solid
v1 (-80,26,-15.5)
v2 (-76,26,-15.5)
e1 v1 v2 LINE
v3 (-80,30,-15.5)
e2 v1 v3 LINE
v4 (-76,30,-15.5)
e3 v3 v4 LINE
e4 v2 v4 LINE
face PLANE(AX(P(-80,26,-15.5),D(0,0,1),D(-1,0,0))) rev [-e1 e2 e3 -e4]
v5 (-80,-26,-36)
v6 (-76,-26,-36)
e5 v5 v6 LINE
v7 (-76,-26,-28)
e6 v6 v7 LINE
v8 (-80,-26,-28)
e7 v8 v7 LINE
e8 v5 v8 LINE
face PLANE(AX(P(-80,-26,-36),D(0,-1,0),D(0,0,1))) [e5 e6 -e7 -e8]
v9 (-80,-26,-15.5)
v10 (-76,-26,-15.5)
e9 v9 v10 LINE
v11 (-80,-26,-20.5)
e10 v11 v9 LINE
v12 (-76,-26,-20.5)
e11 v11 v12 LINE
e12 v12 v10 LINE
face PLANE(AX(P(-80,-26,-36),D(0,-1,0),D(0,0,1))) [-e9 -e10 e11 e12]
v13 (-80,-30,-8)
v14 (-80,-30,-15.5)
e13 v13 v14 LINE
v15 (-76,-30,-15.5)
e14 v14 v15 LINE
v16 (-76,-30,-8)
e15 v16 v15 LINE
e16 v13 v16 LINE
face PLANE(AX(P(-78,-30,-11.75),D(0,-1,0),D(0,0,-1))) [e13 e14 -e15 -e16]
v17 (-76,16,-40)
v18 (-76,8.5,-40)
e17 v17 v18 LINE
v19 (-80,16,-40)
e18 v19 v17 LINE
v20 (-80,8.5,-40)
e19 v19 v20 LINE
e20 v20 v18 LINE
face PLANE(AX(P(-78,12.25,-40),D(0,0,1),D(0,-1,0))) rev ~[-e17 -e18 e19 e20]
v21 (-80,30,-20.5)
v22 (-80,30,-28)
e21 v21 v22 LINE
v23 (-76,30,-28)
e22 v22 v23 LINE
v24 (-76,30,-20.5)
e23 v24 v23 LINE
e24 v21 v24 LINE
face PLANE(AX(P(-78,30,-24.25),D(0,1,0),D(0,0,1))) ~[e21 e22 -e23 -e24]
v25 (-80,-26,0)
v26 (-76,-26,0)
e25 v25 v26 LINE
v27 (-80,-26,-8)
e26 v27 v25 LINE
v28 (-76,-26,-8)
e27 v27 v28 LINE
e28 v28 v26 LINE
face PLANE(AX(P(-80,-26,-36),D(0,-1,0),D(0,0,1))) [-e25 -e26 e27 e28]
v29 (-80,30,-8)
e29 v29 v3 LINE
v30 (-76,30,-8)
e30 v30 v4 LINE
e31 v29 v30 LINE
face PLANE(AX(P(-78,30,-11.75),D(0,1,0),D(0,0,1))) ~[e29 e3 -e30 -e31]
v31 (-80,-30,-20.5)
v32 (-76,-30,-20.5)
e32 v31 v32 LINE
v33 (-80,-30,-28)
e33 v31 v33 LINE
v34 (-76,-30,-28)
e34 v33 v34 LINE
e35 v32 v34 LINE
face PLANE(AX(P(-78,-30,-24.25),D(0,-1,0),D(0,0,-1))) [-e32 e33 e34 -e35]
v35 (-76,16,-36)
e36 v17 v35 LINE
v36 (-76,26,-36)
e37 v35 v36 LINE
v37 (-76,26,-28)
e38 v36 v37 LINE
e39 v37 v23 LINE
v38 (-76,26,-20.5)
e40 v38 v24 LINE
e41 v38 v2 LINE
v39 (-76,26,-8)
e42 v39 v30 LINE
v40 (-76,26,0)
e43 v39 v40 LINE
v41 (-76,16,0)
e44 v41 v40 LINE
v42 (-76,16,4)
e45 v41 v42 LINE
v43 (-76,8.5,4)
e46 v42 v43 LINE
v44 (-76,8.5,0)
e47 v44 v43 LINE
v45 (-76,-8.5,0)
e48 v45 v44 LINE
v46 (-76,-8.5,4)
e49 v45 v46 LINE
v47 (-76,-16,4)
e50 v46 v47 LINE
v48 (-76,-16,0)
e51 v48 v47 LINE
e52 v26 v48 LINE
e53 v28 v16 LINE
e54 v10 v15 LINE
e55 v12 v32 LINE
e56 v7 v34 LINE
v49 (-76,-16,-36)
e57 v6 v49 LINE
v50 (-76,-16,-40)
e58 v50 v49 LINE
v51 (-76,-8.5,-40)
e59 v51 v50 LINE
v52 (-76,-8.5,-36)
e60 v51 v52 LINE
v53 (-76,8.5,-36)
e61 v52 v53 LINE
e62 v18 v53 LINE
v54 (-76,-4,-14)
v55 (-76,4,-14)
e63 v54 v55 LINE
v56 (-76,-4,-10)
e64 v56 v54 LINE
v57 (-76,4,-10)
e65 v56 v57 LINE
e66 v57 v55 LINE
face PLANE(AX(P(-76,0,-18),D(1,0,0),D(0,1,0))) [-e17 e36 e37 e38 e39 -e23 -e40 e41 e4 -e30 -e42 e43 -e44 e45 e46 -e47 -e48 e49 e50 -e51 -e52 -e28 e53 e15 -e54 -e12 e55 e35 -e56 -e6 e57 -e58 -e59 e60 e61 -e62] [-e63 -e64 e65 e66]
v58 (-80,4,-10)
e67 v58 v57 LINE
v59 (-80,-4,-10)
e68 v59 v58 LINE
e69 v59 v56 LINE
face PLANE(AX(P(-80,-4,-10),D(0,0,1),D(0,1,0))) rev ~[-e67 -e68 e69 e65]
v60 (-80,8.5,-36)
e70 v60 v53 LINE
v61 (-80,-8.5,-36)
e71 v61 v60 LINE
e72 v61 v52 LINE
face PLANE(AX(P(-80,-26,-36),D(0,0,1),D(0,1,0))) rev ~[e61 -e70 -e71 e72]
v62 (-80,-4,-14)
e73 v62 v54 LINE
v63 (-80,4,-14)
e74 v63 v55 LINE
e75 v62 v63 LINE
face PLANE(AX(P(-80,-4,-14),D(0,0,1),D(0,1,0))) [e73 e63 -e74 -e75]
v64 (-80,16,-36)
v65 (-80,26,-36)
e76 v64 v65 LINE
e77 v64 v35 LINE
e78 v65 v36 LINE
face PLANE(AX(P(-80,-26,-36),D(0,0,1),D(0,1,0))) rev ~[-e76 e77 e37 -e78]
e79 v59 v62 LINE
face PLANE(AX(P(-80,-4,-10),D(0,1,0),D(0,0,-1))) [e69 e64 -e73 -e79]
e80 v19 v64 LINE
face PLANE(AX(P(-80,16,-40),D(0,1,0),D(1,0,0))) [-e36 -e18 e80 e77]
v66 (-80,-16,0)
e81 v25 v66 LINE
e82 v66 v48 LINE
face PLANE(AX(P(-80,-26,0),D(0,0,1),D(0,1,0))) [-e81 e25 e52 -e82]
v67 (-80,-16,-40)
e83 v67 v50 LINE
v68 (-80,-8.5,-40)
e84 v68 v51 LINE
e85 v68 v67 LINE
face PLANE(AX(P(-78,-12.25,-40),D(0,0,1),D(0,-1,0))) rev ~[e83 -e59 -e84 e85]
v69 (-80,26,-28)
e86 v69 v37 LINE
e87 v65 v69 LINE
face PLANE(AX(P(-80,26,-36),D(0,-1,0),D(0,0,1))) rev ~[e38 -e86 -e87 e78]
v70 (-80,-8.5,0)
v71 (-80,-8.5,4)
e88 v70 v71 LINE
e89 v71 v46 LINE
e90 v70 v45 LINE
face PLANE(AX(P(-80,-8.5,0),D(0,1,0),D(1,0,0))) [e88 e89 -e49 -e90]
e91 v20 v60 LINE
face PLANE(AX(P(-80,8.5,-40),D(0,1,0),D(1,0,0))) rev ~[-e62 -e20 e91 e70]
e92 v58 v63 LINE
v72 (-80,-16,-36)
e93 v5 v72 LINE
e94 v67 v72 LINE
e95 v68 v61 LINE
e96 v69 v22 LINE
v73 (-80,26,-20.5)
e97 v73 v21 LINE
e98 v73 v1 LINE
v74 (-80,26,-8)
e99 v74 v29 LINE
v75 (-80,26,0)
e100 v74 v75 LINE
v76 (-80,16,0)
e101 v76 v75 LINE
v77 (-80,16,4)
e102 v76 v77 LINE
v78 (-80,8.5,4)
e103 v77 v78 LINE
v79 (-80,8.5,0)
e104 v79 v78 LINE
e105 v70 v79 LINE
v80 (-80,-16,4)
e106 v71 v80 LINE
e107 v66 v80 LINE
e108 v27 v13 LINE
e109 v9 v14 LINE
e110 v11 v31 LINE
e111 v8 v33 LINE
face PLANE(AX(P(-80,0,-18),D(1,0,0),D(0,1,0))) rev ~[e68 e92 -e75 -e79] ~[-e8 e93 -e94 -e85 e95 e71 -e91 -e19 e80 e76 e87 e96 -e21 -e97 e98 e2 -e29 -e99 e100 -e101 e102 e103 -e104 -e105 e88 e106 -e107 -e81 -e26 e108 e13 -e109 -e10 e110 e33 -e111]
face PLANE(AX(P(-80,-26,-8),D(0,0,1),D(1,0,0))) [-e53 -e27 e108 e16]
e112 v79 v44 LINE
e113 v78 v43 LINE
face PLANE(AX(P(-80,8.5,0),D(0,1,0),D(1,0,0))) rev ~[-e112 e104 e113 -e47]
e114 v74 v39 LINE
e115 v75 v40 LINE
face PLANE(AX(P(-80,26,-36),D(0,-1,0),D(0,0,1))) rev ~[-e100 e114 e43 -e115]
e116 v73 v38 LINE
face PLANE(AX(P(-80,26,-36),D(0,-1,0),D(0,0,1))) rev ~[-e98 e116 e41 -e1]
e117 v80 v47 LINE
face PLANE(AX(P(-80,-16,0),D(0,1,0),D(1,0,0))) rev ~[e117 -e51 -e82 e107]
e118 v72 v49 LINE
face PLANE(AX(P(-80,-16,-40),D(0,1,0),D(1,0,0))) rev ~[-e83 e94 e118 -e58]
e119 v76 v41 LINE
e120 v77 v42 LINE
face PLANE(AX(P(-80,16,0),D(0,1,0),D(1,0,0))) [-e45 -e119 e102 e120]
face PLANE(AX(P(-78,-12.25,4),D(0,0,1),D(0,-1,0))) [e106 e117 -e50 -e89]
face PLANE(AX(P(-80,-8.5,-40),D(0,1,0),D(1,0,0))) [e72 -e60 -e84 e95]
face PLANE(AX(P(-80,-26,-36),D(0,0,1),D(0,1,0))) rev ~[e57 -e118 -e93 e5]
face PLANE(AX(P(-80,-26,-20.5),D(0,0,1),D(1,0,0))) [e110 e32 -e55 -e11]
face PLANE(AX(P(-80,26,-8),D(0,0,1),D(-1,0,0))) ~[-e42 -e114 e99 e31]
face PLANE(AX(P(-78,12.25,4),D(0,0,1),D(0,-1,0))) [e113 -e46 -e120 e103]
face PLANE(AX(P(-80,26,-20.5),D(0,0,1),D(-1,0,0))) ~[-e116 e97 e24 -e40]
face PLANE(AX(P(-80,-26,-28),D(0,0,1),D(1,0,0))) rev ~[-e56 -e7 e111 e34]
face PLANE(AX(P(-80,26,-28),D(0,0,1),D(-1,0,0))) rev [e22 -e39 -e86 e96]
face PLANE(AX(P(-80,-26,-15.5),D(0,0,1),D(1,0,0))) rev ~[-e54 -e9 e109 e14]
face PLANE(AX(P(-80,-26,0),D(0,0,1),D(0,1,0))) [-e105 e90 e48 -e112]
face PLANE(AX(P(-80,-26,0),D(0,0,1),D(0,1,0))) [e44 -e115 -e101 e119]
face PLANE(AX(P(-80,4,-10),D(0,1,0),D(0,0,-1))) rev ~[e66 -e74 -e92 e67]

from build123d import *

# Parameters (mm, degrees)
SKETCH004_W                     = 52
SKETCH004_H                     = 36
PAD003_DEPTH                    = 4
SKETCH006_W                     = 7.5
SKETCH006_H                     = 4
PAD004_DEPTH                    = 4
SKETCH006_LINEARPATTERN006_2_W  = 7.5
SKETCH006_LINEARPATTERN006_2_H  = 4
PAD004_LINEARPATTERN006_2_DEPTH = 4
LINEARPATTERN007_COUNT          = 2
LINEARPATTERN007_PITCH          = 40
SKETCH007_W                     = 7.5
SKETCH007_H                     = 4
PAD005_DEPTH                    = 4
SKETCH007_LINEARPATTERN008_2_W  = 7.5
SKETCH007_LINEARPATTERN008_2_H  = 4
PAD005_LINEARPATTERN008_2_DEPTH = 4
SKETCH011_W                     = 8
SKETCH011_H                     = 4
POCKET004_DEPTH                 = 4


with BuildPart() as part:
    # Sketch004 → Pad003 (new body)
    with BuildSketch(Plane.YZ):
        with Locations((0, -18)):
            Rectangle(SKETCH004_W, SKETCH004_H)
    extrude(amount=PAD003_DEPTH)

    # Sketch006 (on Face1 of Pad003) → Pad004 (join)
    with BuildSketch(Plane(origin=(0, 0, 0), x_dir=(0, -1, 0), z_dir=(0, 0, 1))):
        with Locations((-12.25, 2)):
            Rectangle(SKETCH006_W, SKETCH006_H)
    pad004 = extrude(amount=PAD004_DEPTH)

    # Sketch006 LinearPattern006 2 → Pad004 LinearPattern006 2 (add)
    with BuildSketch(Plane(origin=(0, -24.5, 0), x_dir=(0, -1, 0), z_dir=(0, 0, 1))):
        with Locations((-12.25, 2)):
            Rectangle(SKETCH006_LINEARPATTERN006_2_W, SKETCH006_LINEARPATTERN006_2_H)
    pad004_linearpattern006_2 = extrude(amount=PAD004_LINEARPATTERN006_2_DEPTH)

    # LinearPattern007: Pad004, Pad004 LinearPattern006 2 ×2
    with Locations(*[(0, 0, -i * LINEARPATTERN007_PITCH) for i in range(1, LINEARPATTERN007_COUNT)]):
        add(pad004)
        add(pad004_linearpattern006_2)

    # Sketch007 → Pad005 (join)
    with BuildSketch(Plane(origin=(0, -26, 0), x_dir=(0, 0, -1), z_dir=(0, -1, 0))):
        with Locations((11.75, 2)):
            Rectangle(SKETCH007_W, SKETCH007_H)
    pad005 = extrude(amount=PAD005_DEPTH)

    # Sketch007 LinearPattern008 2 → Pad005 LinearPattern008 2 (add)
    with BuildSketch(Plane(origin=(0, -26, -12.5), x_dir=(0, 0, -1), z_dir=(0, -1, 0))):
        with Locations((11.75, 2)):
            Rectangle(SKETCH007_LINEARPATTERN008_2_W, SKETCH007_LINEARPATTERN008_2_H)
    pad005_linearpattern008_2 = extrude(amount=PAD005_LINEARPATTERN008_2_DEPTH)

    # Mirrored001: Pad005, Pad005 LinearPattern008 2 across XZ
    add(pad005.mirror(Plane.XZ))
    add(pad005_linearpattern008_2.mirror(Plane.XZ))

    # Sketch011 (on Face2 of MultiTransform002) → Pocket004 (cut)
    with BuildSketch(Plane(origin=(0, 0, 0), x_dir=(0, 1, 0), z_dir=(-1, 0, 0))):
        with Locations((0, 12)):
            Rectangle(SKETCH011_W, SKETCH011_H)
    extrude(amount=-POCKET004_DEPTH, mode=Mode.SUBTRACT)


with BuildPart() as part_1:
    # Body002 placement: moved
    add(part.part.moved(Location((-80, 0, 0))))


solid = part_1.part
